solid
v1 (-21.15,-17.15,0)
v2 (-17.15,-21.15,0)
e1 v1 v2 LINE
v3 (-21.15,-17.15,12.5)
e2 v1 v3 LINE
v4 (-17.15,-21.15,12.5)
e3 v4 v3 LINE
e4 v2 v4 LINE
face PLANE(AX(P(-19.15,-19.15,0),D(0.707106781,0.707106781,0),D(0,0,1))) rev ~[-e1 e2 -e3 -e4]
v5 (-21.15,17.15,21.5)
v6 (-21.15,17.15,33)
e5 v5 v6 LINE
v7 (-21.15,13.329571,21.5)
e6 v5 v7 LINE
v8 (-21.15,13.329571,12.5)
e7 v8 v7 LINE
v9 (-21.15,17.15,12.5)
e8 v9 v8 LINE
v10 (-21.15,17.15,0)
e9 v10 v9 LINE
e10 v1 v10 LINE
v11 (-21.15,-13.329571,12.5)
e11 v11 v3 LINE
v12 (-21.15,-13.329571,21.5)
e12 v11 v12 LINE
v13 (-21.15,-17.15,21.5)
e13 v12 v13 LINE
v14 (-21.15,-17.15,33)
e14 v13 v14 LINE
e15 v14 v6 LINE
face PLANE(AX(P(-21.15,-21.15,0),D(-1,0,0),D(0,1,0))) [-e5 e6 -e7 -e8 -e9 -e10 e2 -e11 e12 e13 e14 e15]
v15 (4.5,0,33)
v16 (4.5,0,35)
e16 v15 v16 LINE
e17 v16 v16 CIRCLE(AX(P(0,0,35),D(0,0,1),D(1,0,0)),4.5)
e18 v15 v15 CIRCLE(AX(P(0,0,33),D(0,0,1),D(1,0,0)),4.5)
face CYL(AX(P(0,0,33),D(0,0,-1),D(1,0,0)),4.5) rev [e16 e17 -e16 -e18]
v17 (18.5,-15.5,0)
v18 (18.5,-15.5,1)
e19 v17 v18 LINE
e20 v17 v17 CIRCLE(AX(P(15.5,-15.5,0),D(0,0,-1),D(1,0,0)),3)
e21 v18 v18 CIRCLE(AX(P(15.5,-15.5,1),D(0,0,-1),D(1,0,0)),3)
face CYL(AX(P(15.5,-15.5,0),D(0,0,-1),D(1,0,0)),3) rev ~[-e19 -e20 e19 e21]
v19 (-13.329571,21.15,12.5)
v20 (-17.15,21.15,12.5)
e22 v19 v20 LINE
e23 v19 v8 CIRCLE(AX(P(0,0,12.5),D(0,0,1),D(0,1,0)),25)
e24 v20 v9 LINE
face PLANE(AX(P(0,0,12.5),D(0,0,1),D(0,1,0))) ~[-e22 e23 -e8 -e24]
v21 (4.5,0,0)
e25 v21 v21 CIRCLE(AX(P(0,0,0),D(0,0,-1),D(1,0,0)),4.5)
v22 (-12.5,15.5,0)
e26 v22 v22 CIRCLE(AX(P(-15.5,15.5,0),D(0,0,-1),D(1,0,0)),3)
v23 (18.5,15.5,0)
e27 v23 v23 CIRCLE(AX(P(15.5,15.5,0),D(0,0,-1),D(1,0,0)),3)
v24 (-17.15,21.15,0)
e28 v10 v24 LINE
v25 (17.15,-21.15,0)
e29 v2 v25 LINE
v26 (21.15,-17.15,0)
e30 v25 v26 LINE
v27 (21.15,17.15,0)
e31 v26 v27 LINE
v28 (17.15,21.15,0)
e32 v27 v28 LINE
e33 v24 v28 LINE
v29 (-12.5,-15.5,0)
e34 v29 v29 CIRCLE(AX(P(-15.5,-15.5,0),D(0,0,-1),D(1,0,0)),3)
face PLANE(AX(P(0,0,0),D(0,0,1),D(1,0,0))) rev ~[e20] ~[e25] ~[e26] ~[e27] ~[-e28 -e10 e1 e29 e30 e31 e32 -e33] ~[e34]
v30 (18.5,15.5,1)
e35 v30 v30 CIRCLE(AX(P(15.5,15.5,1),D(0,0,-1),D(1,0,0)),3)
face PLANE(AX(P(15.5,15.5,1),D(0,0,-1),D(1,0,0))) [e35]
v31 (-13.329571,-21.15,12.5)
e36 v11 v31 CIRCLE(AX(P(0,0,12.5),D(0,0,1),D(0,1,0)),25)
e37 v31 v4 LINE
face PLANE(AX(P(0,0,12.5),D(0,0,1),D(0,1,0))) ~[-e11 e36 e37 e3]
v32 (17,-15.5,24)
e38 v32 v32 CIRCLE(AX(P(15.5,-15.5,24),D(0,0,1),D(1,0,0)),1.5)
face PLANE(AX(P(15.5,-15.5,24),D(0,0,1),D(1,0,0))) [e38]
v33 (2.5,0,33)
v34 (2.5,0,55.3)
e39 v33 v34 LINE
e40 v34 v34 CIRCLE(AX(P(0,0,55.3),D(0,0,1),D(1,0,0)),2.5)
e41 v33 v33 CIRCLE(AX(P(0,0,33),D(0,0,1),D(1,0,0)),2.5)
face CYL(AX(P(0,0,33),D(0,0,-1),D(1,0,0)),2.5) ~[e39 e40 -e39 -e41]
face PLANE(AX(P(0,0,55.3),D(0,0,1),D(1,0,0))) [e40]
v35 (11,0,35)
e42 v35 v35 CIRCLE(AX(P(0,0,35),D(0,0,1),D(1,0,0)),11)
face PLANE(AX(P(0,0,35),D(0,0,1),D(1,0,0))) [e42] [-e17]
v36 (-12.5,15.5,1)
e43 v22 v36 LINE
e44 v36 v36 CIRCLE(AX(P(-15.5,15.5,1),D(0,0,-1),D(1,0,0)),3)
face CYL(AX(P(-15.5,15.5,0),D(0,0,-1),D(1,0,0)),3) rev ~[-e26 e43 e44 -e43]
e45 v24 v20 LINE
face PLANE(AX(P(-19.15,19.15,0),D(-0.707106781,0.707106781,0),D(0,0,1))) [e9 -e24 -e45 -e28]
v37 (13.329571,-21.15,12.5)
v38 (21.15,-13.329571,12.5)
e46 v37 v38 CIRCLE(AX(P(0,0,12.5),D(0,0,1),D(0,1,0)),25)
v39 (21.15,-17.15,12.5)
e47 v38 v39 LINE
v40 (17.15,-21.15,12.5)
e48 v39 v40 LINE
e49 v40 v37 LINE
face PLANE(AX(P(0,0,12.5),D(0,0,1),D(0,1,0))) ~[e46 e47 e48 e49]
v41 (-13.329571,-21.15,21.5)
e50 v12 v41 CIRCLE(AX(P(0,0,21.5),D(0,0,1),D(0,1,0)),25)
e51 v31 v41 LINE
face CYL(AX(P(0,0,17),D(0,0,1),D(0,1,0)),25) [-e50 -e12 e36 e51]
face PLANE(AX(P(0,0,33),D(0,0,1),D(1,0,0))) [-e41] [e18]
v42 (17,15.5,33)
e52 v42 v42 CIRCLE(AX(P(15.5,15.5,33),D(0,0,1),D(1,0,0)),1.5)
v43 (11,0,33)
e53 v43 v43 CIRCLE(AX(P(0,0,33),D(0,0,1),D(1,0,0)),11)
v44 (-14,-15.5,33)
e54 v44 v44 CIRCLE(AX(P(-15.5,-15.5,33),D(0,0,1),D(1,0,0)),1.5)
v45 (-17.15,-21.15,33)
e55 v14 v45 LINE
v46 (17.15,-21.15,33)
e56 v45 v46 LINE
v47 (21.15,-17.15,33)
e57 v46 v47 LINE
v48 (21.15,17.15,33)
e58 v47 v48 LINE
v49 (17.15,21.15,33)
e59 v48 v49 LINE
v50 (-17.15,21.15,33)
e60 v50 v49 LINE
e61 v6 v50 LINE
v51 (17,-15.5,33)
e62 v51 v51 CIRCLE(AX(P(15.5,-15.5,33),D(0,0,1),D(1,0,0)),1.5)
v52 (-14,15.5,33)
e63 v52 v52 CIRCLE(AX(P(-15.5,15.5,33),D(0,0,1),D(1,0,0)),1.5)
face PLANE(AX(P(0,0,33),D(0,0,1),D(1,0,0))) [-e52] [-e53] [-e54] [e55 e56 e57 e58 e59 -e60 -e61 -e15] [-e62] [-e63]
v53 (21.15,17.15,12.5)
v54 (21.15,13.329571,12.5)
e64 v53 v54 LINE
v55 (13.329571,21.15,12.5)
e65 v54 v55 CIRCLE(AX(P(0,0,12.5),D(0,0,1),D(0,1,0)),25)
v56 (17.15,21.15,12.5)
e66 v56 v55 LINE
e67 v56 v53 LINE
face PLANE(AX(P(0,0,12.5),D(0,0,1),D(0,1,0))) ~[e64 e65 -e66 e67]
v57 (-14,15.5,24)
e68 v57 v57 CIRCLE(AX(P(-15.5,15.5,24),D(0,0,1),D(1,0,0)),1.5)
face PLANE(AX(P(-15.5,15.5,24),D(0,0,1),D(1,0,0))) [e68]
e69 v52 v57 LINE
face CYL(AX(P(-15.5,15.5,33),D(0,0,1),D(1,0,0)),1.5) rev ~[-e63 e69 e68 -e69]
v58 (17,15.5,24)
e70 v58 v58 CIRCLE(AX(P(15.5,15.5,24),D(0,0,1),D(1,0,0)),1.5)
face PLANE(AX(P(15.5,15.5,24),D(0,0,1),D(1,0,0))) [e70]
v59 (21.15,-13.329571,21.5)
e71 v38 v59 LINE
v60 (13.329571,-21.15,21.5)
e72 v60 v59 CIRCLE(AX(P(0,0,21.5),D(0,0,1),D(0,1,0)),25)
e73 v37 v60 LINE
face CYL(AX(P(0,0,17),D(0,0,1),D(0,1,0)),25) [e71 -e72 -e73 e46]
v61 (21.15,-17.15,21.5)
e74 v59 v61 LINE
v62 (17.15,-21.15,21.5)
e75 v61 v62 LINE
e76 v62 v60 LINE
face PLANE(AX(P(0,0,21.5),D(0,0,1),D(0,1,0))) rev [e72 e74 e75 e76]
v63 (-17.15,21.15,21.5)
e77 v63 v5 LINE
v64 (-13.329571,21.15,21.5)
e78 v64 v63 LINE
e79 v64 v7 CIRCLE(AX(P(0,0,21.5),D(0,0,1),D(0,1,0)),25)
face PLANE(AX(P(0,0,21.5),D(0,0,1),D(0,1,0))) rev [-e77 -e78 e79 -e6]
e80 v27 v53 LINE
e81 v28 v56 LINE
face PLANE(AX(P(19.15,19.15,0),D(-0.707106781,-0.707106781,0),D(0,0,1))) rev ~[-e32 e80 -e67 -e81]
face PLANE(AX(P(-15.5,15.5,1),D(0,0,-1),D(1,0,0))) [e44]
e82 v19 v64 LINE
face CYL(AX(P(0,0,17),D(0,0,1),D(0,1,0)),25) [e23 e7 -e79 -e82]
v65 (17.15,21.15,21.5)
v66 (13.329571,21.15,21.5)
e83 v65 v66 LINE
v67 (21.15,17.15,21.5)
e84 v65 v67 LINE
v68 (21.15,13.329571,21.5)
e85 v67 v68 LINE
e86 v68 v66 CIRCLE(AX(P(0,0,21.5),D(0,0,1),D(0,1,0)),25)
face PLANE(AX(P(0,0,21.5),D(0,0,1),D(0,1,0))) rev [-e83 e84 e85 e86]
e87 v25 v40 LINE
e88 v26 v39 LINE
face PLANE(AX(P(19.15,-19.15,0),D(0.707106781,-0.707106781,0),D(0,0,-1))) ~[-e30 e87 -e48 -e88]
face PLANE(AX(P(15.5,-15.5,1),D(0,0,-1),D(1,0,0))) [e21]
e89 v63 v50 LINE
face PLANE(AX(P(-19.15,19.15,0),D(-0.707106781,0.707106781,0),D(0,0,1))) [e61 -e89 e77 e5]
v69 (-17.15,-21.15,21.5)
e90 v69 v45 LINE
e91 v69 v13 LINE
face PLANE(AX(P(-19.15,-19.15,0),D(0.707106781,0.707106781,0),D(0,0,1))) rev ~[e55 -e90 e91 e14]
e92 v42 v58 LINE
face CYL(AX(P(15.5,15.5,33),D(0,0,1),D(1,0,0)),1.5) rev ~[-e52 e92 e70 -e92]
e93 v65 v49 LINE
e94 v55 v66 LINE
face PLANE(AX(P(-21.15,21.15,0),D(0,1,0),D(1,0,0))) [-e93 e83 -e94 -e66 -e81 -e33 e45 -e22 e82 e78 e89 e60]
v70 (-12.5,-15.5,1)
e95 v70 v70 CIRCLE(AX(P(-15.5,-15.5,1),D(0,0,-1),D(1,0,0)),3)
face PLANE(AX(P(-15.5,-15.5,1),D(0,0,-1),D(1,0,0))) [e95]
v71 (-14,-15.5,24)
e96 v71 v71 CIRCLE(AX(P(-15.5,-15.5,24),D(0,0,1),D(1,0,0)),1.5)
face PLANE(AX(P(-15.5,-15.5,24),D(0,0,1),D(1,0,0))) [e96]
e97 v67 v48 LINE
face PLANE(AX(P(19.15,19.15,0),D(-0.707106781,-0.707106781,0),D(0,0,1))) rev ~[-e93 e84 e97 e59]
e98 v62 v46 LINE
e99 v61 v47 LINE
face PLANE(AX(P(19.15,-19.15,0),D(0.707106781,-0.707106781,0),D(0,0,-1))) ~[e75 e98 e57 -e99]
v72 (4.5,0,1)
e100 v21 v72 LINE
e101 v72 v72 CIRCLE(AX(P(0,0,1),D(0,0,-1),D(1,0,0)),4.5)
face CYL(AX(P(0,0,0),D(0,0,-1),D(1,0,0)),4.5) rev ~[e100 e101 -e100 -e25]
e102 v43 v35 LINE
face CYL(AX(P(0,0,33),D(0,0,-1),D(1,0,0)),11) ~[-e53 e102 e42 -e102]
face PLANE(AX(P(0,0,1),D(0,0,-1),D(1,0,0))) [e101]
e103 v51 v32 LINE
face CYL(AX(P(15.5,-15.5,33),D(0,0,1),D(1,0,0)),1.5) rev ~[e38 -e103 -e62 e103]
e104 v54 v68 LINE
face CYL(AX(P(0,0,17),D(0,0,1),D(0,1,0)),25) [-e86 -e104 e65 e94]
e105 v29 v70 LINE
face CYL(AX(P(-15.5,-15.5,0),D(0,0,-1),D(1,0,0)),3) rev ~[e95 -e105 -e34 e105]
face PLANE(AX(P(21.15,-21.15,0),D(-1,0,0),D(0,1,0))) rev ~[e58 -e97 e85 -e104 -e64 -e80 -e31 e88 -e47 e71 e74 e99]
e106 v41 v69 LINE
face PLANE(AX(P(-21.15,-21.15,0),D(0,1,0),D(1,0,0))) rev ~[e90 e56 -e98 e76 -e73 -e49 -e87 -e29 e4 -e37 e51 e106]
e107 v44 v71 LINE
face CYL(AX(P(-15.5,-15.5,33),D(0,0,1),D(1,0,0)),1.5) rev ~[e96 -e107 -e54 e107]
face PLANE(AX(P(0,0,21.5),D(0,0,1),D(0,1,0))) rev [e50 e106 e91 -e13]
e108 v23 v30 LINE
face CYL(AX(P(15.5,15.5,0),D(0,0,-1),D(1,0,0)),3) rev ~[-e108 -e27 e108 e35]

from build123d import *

# Parameters (mm, degrees)
F0_W      = 42.3
F0_H      = 42.3
F1_DEPTH  = 33
F2_SIZE   = 4
F3_R      = 11
F3_R_2    = 4.5
F4_DEPTH  = 2
F5_R      = 1.5
F6_DEPTH  = 9
F7_R      = 4.5
F7_R_2    = 3
F8_DEPTH  = 1
F9_R      = 2.5
F10_DEPTH = 22.3
F11_W     = 6.266167
F11_H     = 9


with BuildPart() as f1:
    # F0 (on Top) → F1 (new body)
    with BuildSketch(Plane.XY):
        Rectangle(F0_W, F0_H)
    extrude(amount=F1_DEPTH)

    # F2
    f2_edges = [f1.edges().sort_by_distance(p)[0] for p in [
        (21.15, -21.15, 16.5),
        (-21.15, -21.15, 16.5),
        (21.15, 21.15, 16.5),
        (-21.15, 21.15, 16.5),
    ]]
    chamfer(f2_edges, length=F2_SIZE)

    # F3 (on face) → F4 (join)
    with BuildSketch(Plane.XY.offset(33)):
        Circle(F3_R)
        Circle(F3_R_2, mode=Mode.SUBTRACT)
    extrude(amount=F4_DEPTH)

    # F5 (on face) → F6 (cut)
    with BuildSketch(Plane.XY.offset(33)):
        with Locations((15.5, 15.5)):
            Circle(F5_R)
        with Locations((15.5, -15.5)):
            Circle(F5_R)
        with Locations((-15.5, -15.5)):
            Circle(F5_R)
        with Locations((-15.5, 15.5)):
            Circle(F5_R)
    extrude(amount=-F6_DEPTH, mode=Mode.SUBTRACT)

    # F7 (on face) → F8 (cut)
    with BuildSketch(Plane(origin=(0, 0, 0), x_dir=(1, 0, 0), z_dir=(0, 0, -1))):
        Circle(F7_R)
        with Locations((-15.5, 15.5)):
            Circle(F7_R_2)
        with Locations((-15.5, -15.5)):
            Circle(F7_R_2)
        with Locations((15.5, -15.5)):
            Circle(F7_R_2)
        with Locations((15.5, 15.5)):
            Circle(F7_R_2)
    extrude(amount=-F8_DEPTH, mode=Mode.SUBTRACT)

    # F9 (on face) → F10 (join)
    with BuildSketch(Plane.XY.offset(33)):
        Circle(F9_R)
    extrude(amount=F10_DEPTH)

    # F11 (on Right) → F12 (revolve, cut)
    with BuildSketch(Plane.YZ):
        with Locations((28.133083, 17)):
            Rectangle(F11_W, F11_H)
    revolve(axis=Axis((0, 0, 12.553133), (0, 0, 1)), mode=Mode.SUBTRACT)


solid = f1.part
